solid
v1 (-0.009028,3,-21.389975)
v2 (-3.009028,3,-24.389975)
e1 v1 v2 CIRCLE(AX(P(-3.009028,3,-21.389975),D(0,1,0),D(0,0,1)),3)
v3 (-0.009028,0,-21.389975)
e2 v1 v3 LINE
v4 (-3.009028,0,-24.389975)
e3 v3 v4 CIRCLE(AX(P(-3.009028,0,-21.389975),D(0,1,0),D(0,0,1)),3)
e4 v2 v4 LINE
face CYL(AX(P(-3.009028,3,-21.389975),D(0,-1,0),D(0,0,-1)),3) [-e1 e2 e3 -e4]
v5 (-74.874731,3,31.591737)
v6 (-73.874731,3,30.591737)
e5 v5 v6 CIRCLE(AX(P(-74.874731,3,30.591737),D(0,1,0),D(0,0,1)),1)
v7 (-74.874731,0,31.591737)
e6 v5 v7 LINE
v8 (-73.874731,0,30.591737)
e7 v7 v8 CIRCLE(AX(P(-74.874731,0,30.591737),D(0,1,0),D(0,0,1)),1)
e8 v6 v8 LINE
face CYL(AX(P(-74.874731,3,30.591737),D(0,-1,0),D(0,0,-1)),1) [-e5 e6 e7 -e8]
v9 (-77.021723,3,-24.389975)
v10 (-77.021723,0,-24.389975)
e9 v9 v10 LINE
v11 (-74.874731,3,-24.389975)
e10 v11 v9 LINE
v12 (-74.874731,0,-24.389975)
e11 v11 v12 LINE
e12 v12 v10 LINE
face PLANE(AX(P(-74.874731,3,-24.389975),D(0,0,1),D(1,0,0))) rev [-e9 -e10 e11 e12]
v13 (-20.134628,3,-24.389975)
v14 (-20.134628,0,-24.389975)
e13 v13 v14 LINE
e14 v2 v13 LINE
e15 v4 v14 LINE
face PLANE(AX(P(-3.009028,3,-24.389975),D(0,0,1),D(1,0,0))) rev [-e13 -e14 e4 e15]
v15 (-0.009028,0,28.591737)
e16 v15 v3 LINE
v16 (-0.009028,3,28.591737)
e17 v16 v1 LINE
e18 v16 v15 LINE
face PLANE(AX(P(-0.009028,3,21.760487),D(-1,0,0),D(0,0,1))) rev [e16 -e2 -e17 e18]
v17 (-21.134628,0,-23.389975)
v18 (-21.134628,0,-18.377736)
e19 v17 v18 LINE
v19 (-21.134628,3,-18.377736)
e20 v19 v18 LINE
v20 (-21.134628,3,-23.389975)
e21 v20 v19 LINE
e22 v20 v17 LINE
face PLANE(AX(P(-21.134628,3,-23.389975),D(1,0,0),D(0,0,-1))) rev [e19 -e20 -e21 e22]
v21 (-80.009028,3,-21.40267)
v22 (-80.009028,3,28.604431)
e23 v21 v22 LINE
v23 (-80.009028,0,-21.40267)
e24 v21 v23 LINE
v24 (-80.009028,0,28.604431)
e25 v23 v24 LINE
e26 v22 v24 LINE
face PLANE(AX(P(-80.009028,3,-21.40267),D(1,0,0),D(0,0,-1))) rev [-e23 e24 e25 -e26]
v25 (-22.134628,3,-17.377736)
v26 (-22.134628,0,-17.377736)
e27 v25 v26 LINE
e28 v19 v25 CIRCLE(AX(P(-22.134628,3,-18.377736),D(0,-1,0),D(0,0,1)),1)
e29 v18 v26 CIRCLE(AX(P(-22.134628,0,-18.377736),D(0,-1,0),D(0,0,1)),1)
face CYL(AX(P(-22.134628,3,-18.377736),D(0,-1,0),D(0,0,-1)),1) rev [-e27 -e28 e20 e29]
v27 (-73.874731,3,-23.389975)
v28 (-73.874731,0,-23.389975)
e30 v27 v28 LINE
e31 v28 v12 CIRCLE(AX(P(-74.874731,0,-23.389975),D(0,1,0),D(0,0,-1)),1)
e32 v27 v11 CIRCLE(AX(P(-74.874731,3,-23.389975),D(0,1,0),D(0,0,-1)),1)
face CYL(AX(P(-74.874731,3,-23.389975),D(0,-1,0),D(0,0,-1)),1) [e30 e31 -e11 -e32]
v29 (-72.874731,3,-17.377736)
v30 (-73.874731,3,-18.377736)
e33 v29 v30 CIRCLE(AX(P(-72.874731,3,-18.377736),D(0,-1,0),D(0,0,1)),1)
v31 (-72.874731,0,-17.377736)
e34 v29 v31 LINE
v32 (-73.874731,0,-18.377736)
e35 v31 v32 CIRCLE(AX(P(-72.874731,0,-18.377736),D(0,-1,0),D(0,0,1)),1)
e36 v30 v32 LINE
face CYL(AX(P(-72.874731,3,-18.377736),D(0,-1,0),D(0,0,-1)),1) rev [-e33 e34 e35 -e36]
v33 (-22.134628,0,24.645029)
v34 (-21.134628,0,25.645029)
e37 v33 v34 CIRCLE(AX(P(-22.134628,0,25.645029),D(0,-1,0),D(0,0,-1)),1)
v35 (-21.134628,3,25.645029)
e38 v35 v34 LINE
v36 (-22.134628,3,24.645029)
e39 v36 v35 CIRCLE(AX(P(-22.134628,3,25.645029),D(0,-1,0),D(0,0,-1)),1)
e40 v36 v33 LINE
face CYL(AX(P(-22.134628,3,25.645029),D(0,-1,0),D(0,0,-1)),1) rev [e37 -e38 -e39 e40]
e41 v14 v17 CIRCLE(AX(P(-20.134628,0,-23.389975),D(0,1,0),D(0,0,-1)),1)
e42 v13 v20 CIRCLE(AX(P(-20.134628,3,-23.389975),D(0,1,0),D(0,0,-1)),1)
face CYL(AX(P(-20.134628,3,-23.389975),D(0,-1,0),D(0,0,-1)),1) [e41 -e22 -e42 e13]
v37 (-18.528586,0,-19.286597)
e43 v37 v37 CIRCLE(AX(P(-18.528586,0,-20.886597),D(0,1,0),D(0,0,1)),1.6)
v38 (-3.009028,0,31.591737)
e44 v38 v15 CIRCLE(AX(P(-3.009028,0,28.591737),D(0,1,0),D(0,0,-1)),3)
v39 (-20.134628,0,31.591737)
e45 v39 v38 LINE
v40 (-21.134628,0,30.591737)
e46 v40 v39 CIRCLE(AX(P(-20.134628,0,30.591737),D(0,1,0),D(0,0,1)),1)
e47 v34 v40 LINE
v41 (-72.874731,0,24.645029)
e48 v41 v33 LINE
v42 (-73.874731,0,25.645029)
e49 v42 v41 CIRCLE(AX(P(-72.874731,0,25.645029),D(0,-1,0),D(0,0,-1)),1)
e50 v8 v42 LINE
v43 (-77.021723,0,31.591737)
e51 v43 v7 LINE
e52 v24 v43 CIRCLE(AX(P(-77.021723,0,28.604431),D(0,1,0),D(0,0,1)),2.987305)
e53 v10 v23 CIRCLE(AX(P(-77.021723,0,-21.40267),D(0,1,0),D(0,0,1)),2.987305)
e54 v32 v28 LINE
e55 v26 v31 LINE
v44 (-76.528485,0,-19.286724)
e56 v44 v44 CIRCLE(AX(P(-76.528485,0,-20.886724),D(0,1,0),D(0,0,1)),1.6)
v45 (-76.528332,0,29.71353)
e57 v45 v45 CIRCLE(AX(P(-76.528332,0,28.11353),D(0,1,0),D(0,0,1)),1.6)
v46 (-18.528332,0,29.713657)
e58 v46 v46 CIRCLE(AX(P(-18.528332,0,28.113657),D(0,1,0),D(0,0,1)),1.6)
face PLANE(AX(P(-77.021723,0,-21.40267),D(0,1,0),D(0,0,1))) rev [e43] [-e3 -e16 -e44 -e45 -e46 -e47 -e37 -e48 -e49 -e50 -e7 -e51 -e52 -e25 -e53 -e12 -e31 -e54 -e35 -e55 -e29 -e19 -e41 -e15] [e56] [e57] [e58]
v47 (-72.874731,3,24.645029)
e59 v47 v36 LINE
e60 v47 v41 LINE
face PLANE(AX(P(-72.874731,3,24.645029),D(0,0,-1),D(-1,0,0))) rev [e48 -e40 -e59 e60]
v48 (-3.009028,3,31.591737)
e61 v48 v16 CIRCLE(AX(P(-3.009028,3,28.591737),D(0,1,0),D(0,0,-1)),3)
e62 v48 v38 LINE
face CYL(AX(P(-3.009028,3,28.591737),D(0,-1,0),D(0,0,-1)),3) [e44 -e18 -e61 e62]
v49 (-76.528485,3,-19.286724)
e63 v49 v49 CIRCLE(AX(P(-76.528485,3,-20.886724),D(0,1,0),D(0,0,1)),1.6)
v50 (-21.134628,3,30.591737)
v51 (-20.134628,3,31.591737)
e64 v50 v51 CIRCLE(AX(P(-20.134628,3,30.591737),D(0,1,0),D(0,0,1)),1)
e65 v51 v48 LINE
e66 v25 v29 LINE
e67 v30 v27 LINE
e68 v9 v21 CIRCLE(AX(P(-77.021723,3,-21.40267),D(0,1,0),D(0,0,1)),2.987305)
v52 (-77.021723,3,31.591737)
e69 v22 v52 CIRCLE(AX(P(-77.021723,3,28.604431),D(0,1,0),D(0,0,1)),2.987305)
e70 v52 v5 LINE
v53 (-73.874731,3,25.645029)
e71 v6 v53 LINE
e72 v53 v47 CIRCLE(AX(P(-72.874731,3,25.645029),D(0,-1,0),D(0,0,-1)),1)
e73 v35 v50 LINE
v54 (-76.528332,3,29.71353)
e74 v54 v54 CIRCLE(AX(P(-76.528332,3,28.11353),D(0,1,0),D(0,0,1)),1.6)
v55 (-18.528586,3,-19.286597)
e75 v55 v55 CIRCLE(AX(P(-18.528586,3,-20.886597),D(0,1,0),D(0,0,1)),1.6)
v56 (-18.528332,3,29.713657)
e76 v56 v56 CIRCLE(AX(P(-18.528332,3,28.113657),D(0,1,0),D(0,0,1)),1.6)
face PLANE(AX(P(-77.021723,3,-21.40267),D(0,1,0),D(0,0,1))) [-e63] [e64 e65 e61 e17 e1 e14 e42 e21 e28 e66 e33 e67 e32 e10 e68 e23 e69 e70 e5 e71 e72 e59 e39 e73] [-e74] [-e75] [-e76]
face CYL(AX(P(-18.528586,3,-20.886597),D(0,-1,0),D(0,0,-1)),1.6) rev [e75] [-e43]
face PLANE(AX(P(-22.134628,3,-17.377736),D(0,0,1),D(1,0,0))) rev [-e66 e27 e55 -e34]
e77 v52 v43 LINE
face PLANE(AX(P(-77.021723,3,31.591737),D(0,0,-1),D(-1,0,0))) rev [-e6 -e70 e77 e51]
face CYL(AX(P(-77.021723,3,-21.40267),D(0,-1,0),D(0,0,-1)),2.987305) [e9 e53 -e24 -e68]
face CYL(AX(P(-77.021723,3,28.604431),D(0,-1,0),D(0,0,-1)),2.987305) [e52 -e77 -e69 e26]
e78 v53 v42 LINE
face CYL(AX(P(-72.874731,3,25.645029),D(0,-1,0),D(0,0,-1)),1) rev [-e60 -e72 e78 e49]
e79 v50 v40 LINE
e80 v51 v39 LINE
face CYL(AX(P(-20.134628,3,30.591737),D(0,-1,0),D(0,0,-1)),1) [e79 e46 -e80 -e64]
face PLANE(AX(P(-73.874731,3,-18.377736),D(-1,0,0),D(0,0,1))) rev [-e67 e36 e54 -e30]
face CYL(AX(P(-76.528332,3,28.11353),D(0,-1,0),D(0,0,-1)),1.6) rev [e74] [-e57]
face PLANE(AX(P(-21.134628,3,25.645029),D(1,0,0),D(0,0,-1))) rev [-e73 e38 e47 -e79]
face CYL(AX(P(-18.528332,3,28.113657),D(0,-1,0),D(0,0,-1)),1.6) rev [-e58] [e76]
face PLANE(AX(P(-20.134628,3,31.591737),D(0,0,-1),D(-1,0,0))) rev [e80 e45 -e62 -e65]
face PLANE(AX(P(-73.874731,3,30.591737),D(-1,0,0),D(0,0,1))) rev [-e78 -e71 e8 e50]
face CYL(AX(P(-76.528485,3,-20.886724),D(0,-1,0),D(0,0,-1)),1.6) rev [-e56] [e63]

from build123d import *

# Parameters (mm, degrees)
SKETCH_1_R      = 1.6
EXTRUDE_1_DEPTH = 3


with BuildPart() as part:
    # 草图1 → 凸台-拉伸1 (new body)
    with BuildSketch(Plane(origin=(0, 0, 0), x_dir=(1, 0, 0), z_dir=(0, 1, 0))):
        with BuildLine():
            Line((-21.134628196, 23.389975432), (-21.134628196, 18.377736005))
            ThreePointArc((-21.134628196, 18.377736005), (-21.427521415, 17.670629223), (-22.134628196, 17.377736005))
            Line((-22.134628196, 17.377736005), (-72.874730915, 17.377736005))
            ThreePointArc((-72.874730915, 17.377736005), (-73.581837696, 17.670629223), (-73.874730915, 18.377736005))
            Line((-73.874730915, 18.377736005), (-73.874730915, 23.389975432))
            ThreePointArc((-73.874730915, 23.389975432), (-74.167624134, 24.097082213), (-74.874730915, 24.389975432))
            Line((-74.874730915, 24.389975432), (-77.021723127, 24.389975432))
            ThreePointArc((-77.021723127, 24.389975432), (-79.134066788, 23.515014039), (-80.009028181, 21.402670377))
            Line((-80.009028181, 21.402670377), (-80.009028181, -28.604431477))
            ThreePointArc((-80.009028181, -28.604431477), (-79.134066788, -30.716775138), (-77.021723127, -31.591736531))
            Line((-77.021723127, -31.591736531), (-74.874730915, -31.591736531))
            ThreePointArc((-74.874730915, -31.591736531), (-74.167624134, -31.298843313), (-73.874730915, -30.591736531))
            Line((-73.874730915, -30.591736531), (-73.874730915, -25.64502865))
            ThreePointArc((-73.874730915, -25.64502865), (-73.581837696, -24.937921869), (-72.874730915, -24.64502865))
            Line((-72.874730915, -24.64502865), (-22.134628196, -24.64502865))
            ThreePointArc((-22.134628196, -24.64502865), (-21.427521415, -24.937921869), (-21.134628196, -25.64502865))
            Line((-21.134628196, -25.64502865), (-21.134628196, -30.591736531))
            ThreePointArc((-21.134628196, -30.591736531), (-20.841734977, -31.298843313), (-20.134628196, -31.591736531))
            Line((-20.134628196, -31.591736531), (-3.009028181, -31.591736531))
            ThreePointArc((-3.009028181, -31.591736531), (-0.887707838, -30.713056875), (-0.009028181, -28.591736531))
            Line((-0.009028181, -28.591736531), (-0.009028181, -21.760486998))
            Line((-0.009028181, -21.760486998), (-0.009028181, 21.389975432))
            ThreePointArc((-0.009028181, 21.389975432), (-0.887707838, 23.511295776), (-3.009028181, 24.389975432))
            Line((-3.009028181, 24.389975432), (-20.134628196, 24.389975432))
            ThreePointArc((-20.134628196, 24.389975432), (-20.841734977, 24.097082213), (-21.134628196, 23.389975432))
        make_face()
        with Locations(Location((-76.52848462, 20.886724226, 0), (0, 0, 270))):
            Circle(SKETCH_1_R, mode=Mode.SUBTRACT)
        with Locations(Location((-18.52858622, 20.886597225, 0), (0, 0, 270))):
            Circle(SKETCH_1_R, mode=Mode.SUBTRACT)
        with Locations(Location((-18.52833222, -28.113656775, 0), (0, 0, 270))):
            Circle(SKETCH_1_R, mode=Mode.SUBTRACT)
        with Locations(Location((-76.52833222, -28.113529775, 0), (0, 0, 270))):
            Circle(SKETCH_1_R, mode=Mode.SUBTRACT)
    extrude(amount=EXTRUDE_1_DEPTH)


solid = part.part
